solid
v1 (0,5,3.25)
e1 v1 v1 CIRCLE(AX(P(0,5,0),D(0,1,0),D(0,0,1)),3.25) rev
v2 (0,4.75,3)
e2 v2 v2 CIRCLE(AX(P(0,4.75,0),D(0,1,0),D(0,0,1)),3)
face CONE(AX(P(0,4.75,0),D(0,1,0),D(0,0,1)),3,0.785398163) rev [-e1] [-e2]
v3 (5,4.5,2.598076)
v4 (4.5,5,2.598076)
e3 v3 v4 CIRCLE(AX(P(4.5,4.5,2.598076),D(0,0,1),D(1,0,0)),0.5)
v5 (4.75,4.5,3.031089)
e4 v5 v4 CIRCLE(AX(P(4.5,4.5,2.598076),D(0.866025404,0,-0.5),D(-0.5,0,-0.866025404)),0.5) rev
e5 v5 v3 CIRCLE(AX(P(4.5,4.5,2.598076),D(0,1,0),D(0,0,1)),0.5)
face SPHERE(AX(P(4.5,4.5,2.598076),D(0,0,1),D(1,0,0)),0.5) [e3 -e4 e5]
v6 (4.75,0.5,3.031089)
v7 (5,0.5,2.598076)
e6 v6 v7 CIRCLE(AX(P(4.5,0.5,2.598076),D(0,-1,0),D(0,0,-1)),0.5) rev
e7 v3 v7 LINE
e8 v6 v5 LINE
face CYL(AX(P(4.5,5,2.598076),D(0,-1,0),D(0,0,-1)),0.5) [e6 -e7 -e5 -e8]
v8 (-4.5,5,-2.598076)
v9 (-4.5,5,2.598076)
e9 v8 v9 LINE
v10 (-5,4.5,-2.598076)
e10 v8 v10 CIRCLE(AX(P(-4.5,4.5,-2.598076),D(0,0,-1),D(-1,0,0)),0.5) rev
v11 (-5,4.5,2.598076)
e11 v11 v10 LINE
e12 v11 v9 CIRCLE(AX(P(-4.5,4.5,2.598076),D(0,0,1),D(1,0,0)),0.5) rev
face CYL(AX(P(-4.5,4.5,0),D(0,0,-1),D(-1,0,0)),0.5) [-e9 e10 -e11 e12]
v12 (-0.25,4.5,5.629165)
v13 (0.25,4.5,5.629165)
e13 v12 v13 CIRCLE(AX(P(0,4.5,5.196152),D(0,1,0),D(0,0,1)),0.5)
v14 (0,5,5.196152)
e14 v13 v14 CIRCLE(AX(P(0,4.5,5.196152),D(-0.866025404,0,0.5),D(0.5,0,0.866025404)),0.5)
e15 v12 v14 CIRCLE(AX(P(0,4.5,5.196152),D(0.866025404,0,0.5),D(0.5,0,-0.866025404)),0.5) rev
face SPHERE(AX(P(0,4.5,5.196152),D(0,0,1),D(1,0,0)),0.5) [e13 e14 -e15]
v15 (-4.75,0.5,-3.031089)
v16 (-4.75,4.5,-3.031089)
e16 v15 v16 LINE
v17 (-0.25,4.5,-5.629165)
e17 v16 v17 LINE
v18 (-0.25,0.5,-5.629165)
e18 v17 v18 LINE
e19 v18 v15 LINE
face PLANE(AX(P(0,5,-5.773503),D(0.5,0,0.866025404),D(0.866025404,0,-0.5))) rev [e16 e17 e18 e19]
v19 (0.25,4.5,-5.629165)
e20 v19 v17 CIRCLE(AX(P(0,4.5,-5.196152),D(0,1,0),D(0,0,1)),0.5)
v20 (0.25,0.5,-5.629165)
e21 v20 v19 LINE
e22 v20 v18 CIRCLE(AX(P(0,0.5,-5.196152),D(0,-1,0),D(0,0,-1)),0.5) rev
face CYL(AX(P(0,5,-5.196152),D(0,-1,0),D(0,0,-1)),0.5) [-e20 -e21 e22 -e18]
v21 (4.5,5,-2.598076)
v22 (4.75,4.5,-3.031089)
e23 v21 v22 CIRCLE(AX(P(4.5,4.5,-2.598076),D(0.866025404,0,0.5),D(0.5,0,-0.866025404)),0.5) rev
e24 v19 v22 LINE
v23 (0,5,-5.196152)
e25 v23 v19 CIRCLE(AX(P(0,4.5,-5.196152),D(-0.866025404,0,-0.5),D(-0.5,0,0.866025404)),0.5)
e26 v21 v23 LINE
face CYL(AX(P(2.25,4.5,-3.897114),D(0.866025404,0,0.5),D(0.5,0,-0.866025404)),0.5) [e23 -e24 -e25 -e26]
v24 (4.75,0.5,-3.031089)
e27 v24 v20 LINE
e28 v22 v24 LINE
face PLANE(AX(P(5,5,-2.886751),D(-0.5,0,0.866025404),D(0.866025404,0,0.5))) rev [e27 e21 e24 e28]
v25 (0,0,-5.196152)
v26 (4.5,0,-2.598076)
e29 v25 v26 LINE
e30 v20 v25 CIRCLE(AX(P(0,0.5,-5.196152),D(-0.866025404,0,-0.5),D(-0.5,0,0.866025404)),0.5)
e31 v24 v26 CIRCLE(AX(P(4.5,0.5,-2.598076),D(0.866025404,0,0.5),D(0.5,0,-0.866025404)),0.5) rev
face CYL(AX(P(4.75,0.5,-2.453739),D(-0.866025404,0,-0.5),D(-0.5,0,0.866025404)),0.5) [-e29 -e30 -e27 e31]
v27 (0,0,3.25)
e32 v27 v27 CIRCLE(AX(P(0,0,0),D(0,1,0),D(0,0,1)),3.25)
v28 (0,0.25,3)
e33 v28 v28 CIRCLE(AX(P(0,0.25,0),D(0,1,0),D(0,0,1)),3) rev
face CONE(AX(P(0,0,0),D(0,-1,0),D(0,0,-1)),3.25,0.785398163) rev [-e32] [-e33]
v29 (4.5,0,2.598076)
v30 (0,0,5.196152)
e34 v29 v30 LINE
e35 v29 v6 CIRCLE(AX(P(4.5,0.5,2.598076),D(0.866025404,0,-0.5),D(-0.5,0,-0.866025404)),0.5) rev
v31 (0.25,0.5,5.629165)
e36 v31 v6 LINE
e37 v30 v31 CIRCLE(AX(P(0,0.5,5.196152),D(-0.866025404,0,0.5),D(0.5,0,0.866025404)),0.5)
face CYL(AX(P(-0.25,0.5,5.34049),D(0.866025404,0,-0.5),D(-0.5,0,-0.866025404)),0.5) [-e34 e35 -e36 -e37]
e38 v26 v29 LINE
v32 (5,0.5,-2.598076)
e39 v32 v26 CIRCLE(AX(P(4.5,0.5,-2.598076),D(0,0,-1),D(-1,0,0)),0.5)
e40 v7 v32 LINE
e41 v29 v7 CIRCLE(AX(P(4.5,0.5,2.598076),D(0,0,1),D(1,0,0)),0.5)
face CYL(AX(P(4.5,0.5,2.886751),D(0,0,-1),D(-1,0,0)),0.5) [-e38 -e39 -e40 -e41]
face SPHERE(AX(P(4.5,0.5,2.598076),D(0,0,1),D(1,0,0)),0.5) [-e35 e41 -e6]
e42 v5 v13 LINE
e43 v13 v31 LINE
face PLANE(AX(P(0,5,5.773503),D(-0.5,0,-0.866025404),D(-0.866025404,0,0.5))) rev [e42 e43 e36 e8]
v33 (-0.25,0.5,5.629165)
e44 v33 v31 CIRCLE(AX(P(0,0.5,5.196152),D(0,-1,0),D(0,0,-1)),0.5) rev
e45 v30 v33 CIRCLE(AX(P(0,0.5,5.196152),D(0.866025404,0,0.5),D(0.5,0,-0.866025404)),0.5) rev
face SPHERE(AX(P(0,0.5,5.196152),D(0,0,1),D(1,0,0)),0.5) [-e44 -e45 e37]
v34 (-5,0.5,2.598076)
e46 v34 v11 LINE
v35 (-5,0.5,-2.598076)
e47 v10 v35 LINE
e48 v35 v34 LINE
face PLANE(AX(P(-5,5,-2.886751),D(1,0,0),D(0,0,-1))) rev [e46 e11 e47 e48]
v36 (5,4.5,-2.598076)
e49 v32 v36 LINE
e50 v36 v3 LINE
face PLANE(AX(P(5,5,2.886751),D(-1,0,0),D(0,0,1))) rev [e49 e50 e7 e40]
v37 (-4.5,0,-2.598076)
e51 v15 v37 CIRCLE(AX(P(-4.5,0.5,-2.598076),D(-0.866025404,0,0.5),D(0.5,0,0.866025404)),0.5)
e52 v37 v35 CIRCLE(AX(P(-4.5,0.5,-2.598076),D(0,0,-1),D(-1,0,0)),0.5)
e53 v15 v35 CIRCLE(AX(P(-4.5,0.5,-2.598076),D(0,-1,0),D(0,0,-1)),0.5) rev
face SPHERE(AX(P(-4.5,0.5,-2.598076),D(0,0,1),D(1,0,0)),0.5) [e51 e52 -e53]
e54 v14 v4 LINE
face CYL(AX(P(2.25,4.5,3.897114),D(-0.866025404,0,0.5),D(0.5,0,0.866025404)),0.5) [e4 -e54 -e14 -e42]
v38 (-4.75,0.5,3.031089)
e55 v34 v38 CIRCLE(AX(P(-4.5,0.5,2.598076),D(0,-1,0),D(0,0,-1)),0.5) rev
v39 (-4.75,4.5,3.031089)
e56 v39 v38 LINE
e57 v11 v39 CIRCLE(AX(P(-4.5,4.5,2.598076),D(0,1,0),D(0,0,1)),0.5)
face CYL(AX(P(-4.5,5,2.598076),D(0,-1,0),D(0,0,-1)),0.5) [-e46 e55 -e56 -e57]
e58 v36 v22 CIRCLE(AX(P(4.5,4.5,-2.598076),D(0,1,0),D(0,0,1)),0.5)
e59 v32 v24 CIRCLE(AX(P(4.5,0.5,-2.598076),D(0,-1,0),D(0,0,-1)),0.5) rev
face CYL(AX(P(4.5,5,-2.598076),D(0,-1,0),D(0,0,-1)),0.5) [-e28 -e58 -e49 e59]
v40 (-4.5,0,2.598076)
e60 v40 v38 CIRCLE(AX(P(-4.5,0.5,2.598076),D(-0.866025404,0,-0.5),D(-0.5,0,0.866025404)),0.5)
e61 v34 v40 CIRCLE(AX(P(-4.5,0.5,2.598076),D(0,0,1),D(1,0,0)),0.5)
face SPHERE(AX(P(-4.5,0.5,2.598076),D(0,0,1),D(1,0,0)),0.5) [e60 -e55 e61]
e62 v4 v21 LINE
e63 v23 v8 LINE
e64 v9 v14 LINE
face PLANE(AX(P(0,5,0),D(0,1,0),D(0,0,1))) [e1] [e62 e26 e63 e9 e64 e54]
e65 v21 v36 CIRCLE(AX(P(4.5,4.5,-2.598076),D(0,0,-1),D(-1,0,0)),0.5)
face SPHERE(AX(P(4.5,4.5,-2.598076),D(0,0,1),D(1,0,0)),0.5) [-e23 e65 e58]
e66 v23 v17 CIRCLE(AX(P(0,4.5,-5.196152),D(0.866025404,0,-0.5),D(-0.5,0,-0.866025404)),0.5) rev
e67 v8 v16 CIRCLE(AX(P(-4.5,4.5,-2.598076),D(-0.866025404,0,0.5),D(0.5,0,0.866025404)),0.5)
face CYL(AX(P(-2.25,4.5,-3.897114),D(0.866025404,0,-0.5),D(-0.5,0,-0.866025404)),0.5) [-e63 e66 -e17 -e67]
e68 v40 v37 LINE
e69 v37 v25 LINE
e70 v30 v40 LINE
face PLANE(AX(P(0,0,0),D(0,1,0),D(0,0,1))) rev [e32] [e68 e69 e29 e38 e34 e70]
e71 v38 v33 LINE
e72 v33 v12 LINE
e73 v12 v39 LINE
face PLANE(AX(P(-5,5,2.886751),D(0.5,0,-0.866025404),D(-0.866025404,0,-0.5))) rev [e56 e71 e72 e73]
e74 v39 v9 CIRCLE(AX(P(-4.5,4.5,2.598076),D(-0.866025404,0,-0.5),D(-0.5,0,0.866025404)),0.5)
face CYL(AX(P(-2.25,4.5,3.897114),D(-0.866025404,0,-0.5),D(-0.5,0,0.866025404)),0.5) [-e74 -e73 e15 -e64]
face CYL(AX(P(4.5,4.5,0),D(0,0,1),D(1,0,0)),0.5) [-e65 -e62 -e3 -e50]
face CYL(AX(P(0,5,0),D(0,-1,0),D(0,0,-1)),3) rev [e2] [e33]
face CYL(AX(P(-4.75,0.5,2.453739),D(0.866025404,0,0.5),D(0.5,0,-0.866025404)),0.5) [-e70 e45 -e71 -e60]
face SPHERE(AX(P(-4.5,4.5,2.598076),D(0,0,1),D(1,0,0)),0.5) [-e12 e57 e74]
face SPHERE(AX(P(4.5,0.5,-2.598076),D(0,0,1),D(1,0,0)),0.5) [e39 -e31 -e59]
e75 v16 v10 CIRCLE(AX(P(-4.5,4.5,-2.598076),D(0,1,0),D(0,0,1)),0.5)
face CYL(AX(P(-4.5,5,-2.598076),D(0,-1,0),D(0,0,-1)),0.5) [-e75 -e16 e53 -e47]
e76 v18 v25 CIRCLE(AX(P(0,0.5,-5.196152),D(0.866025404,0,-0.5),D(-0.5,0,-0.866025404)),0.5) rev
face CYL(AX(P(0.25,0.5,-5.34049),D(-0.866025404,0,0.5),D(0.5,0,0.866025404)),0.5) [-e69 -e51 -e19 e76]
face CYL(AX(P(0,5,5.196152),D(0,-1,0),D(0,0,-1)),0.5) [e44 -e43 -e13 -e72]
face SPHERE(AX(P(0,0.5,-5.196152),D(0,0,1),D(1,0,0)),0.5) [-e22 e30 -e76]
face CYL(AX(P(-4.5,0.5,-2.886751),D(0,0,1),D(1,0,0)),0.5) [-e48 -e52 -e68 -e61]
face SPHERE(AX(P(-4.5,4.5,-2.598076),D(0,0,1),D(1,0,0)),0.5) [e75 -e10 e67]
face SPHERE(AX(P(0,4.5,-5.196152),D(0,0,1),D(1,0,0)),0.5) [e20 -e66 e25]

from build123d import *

# Parameters (mm, degrees)
ESQUISSE1_R        = 3
BOSS_EXTRU_1_DEPTH = 5
CONG_2_R           = 0.5
CHANFREIN1_SIZE    = 0.25


with BuildPart() as part:
    # Esquisse1 → Boss.-Extru.1 (new body)
    with BuildSketch(Plane(origin=(0, 0, 0), x_dir=(1, 0, 0), z_dir=(0, 1, 0))):
        Polygon((0, 5.773502692), (-5, 2.886751346), (-5, -2.886751346), (0, -5.773502692), (5, -2.886751346), (5, 2.886751346), align=None)
        Circle(ESQUISSE1_R, mode=Mode.SUBTRACT)
    extrude(amount=BOSS_EXTRU_1_DEPTH)

    # Congé2
    cong_2_edges = [part.edges().sort_by_distance(p)[0] for p in [
        (-5, 5, 0),
        (5, 2.5, -2.886751346),
        (5, 2.5, 2.886751346),
        (0, 2.5, 5.773502692),
        (-5, 2.5, 2.886751346),
        (-5, 2.5, -2.886751346),
        (0, 2.5, -5.773502692),
        (-2.5, 5, 4.330127019),
        (2.5, 5, 4.330127019),
        (5, 5, 0),
        (2.5, 5, -4.330127019),
        (5, 0, 0),
        (2.5, 0, 4.330127019),
        (-2.5, 0, 4.330127019),
        (-2.5, 5, -4.330127019),
        (-5, 0, 0),
        (-2.5, 0, -4.330127019),
        (2.5, 0, -4.330127019),
    ]]
    fillet(cong_2_edges, radius=CONG_2_R)

    # Chanfrein1
    chanfrein1_edges = [part.edges().sort_by_distance(p)[0] for p in [
        (-3, 0, 0),
        (-3, 5, 0),
    ]]
    chamfer(chanfrein1_edges, length=CHANFREIN1_SIZE)


solid = part.part
